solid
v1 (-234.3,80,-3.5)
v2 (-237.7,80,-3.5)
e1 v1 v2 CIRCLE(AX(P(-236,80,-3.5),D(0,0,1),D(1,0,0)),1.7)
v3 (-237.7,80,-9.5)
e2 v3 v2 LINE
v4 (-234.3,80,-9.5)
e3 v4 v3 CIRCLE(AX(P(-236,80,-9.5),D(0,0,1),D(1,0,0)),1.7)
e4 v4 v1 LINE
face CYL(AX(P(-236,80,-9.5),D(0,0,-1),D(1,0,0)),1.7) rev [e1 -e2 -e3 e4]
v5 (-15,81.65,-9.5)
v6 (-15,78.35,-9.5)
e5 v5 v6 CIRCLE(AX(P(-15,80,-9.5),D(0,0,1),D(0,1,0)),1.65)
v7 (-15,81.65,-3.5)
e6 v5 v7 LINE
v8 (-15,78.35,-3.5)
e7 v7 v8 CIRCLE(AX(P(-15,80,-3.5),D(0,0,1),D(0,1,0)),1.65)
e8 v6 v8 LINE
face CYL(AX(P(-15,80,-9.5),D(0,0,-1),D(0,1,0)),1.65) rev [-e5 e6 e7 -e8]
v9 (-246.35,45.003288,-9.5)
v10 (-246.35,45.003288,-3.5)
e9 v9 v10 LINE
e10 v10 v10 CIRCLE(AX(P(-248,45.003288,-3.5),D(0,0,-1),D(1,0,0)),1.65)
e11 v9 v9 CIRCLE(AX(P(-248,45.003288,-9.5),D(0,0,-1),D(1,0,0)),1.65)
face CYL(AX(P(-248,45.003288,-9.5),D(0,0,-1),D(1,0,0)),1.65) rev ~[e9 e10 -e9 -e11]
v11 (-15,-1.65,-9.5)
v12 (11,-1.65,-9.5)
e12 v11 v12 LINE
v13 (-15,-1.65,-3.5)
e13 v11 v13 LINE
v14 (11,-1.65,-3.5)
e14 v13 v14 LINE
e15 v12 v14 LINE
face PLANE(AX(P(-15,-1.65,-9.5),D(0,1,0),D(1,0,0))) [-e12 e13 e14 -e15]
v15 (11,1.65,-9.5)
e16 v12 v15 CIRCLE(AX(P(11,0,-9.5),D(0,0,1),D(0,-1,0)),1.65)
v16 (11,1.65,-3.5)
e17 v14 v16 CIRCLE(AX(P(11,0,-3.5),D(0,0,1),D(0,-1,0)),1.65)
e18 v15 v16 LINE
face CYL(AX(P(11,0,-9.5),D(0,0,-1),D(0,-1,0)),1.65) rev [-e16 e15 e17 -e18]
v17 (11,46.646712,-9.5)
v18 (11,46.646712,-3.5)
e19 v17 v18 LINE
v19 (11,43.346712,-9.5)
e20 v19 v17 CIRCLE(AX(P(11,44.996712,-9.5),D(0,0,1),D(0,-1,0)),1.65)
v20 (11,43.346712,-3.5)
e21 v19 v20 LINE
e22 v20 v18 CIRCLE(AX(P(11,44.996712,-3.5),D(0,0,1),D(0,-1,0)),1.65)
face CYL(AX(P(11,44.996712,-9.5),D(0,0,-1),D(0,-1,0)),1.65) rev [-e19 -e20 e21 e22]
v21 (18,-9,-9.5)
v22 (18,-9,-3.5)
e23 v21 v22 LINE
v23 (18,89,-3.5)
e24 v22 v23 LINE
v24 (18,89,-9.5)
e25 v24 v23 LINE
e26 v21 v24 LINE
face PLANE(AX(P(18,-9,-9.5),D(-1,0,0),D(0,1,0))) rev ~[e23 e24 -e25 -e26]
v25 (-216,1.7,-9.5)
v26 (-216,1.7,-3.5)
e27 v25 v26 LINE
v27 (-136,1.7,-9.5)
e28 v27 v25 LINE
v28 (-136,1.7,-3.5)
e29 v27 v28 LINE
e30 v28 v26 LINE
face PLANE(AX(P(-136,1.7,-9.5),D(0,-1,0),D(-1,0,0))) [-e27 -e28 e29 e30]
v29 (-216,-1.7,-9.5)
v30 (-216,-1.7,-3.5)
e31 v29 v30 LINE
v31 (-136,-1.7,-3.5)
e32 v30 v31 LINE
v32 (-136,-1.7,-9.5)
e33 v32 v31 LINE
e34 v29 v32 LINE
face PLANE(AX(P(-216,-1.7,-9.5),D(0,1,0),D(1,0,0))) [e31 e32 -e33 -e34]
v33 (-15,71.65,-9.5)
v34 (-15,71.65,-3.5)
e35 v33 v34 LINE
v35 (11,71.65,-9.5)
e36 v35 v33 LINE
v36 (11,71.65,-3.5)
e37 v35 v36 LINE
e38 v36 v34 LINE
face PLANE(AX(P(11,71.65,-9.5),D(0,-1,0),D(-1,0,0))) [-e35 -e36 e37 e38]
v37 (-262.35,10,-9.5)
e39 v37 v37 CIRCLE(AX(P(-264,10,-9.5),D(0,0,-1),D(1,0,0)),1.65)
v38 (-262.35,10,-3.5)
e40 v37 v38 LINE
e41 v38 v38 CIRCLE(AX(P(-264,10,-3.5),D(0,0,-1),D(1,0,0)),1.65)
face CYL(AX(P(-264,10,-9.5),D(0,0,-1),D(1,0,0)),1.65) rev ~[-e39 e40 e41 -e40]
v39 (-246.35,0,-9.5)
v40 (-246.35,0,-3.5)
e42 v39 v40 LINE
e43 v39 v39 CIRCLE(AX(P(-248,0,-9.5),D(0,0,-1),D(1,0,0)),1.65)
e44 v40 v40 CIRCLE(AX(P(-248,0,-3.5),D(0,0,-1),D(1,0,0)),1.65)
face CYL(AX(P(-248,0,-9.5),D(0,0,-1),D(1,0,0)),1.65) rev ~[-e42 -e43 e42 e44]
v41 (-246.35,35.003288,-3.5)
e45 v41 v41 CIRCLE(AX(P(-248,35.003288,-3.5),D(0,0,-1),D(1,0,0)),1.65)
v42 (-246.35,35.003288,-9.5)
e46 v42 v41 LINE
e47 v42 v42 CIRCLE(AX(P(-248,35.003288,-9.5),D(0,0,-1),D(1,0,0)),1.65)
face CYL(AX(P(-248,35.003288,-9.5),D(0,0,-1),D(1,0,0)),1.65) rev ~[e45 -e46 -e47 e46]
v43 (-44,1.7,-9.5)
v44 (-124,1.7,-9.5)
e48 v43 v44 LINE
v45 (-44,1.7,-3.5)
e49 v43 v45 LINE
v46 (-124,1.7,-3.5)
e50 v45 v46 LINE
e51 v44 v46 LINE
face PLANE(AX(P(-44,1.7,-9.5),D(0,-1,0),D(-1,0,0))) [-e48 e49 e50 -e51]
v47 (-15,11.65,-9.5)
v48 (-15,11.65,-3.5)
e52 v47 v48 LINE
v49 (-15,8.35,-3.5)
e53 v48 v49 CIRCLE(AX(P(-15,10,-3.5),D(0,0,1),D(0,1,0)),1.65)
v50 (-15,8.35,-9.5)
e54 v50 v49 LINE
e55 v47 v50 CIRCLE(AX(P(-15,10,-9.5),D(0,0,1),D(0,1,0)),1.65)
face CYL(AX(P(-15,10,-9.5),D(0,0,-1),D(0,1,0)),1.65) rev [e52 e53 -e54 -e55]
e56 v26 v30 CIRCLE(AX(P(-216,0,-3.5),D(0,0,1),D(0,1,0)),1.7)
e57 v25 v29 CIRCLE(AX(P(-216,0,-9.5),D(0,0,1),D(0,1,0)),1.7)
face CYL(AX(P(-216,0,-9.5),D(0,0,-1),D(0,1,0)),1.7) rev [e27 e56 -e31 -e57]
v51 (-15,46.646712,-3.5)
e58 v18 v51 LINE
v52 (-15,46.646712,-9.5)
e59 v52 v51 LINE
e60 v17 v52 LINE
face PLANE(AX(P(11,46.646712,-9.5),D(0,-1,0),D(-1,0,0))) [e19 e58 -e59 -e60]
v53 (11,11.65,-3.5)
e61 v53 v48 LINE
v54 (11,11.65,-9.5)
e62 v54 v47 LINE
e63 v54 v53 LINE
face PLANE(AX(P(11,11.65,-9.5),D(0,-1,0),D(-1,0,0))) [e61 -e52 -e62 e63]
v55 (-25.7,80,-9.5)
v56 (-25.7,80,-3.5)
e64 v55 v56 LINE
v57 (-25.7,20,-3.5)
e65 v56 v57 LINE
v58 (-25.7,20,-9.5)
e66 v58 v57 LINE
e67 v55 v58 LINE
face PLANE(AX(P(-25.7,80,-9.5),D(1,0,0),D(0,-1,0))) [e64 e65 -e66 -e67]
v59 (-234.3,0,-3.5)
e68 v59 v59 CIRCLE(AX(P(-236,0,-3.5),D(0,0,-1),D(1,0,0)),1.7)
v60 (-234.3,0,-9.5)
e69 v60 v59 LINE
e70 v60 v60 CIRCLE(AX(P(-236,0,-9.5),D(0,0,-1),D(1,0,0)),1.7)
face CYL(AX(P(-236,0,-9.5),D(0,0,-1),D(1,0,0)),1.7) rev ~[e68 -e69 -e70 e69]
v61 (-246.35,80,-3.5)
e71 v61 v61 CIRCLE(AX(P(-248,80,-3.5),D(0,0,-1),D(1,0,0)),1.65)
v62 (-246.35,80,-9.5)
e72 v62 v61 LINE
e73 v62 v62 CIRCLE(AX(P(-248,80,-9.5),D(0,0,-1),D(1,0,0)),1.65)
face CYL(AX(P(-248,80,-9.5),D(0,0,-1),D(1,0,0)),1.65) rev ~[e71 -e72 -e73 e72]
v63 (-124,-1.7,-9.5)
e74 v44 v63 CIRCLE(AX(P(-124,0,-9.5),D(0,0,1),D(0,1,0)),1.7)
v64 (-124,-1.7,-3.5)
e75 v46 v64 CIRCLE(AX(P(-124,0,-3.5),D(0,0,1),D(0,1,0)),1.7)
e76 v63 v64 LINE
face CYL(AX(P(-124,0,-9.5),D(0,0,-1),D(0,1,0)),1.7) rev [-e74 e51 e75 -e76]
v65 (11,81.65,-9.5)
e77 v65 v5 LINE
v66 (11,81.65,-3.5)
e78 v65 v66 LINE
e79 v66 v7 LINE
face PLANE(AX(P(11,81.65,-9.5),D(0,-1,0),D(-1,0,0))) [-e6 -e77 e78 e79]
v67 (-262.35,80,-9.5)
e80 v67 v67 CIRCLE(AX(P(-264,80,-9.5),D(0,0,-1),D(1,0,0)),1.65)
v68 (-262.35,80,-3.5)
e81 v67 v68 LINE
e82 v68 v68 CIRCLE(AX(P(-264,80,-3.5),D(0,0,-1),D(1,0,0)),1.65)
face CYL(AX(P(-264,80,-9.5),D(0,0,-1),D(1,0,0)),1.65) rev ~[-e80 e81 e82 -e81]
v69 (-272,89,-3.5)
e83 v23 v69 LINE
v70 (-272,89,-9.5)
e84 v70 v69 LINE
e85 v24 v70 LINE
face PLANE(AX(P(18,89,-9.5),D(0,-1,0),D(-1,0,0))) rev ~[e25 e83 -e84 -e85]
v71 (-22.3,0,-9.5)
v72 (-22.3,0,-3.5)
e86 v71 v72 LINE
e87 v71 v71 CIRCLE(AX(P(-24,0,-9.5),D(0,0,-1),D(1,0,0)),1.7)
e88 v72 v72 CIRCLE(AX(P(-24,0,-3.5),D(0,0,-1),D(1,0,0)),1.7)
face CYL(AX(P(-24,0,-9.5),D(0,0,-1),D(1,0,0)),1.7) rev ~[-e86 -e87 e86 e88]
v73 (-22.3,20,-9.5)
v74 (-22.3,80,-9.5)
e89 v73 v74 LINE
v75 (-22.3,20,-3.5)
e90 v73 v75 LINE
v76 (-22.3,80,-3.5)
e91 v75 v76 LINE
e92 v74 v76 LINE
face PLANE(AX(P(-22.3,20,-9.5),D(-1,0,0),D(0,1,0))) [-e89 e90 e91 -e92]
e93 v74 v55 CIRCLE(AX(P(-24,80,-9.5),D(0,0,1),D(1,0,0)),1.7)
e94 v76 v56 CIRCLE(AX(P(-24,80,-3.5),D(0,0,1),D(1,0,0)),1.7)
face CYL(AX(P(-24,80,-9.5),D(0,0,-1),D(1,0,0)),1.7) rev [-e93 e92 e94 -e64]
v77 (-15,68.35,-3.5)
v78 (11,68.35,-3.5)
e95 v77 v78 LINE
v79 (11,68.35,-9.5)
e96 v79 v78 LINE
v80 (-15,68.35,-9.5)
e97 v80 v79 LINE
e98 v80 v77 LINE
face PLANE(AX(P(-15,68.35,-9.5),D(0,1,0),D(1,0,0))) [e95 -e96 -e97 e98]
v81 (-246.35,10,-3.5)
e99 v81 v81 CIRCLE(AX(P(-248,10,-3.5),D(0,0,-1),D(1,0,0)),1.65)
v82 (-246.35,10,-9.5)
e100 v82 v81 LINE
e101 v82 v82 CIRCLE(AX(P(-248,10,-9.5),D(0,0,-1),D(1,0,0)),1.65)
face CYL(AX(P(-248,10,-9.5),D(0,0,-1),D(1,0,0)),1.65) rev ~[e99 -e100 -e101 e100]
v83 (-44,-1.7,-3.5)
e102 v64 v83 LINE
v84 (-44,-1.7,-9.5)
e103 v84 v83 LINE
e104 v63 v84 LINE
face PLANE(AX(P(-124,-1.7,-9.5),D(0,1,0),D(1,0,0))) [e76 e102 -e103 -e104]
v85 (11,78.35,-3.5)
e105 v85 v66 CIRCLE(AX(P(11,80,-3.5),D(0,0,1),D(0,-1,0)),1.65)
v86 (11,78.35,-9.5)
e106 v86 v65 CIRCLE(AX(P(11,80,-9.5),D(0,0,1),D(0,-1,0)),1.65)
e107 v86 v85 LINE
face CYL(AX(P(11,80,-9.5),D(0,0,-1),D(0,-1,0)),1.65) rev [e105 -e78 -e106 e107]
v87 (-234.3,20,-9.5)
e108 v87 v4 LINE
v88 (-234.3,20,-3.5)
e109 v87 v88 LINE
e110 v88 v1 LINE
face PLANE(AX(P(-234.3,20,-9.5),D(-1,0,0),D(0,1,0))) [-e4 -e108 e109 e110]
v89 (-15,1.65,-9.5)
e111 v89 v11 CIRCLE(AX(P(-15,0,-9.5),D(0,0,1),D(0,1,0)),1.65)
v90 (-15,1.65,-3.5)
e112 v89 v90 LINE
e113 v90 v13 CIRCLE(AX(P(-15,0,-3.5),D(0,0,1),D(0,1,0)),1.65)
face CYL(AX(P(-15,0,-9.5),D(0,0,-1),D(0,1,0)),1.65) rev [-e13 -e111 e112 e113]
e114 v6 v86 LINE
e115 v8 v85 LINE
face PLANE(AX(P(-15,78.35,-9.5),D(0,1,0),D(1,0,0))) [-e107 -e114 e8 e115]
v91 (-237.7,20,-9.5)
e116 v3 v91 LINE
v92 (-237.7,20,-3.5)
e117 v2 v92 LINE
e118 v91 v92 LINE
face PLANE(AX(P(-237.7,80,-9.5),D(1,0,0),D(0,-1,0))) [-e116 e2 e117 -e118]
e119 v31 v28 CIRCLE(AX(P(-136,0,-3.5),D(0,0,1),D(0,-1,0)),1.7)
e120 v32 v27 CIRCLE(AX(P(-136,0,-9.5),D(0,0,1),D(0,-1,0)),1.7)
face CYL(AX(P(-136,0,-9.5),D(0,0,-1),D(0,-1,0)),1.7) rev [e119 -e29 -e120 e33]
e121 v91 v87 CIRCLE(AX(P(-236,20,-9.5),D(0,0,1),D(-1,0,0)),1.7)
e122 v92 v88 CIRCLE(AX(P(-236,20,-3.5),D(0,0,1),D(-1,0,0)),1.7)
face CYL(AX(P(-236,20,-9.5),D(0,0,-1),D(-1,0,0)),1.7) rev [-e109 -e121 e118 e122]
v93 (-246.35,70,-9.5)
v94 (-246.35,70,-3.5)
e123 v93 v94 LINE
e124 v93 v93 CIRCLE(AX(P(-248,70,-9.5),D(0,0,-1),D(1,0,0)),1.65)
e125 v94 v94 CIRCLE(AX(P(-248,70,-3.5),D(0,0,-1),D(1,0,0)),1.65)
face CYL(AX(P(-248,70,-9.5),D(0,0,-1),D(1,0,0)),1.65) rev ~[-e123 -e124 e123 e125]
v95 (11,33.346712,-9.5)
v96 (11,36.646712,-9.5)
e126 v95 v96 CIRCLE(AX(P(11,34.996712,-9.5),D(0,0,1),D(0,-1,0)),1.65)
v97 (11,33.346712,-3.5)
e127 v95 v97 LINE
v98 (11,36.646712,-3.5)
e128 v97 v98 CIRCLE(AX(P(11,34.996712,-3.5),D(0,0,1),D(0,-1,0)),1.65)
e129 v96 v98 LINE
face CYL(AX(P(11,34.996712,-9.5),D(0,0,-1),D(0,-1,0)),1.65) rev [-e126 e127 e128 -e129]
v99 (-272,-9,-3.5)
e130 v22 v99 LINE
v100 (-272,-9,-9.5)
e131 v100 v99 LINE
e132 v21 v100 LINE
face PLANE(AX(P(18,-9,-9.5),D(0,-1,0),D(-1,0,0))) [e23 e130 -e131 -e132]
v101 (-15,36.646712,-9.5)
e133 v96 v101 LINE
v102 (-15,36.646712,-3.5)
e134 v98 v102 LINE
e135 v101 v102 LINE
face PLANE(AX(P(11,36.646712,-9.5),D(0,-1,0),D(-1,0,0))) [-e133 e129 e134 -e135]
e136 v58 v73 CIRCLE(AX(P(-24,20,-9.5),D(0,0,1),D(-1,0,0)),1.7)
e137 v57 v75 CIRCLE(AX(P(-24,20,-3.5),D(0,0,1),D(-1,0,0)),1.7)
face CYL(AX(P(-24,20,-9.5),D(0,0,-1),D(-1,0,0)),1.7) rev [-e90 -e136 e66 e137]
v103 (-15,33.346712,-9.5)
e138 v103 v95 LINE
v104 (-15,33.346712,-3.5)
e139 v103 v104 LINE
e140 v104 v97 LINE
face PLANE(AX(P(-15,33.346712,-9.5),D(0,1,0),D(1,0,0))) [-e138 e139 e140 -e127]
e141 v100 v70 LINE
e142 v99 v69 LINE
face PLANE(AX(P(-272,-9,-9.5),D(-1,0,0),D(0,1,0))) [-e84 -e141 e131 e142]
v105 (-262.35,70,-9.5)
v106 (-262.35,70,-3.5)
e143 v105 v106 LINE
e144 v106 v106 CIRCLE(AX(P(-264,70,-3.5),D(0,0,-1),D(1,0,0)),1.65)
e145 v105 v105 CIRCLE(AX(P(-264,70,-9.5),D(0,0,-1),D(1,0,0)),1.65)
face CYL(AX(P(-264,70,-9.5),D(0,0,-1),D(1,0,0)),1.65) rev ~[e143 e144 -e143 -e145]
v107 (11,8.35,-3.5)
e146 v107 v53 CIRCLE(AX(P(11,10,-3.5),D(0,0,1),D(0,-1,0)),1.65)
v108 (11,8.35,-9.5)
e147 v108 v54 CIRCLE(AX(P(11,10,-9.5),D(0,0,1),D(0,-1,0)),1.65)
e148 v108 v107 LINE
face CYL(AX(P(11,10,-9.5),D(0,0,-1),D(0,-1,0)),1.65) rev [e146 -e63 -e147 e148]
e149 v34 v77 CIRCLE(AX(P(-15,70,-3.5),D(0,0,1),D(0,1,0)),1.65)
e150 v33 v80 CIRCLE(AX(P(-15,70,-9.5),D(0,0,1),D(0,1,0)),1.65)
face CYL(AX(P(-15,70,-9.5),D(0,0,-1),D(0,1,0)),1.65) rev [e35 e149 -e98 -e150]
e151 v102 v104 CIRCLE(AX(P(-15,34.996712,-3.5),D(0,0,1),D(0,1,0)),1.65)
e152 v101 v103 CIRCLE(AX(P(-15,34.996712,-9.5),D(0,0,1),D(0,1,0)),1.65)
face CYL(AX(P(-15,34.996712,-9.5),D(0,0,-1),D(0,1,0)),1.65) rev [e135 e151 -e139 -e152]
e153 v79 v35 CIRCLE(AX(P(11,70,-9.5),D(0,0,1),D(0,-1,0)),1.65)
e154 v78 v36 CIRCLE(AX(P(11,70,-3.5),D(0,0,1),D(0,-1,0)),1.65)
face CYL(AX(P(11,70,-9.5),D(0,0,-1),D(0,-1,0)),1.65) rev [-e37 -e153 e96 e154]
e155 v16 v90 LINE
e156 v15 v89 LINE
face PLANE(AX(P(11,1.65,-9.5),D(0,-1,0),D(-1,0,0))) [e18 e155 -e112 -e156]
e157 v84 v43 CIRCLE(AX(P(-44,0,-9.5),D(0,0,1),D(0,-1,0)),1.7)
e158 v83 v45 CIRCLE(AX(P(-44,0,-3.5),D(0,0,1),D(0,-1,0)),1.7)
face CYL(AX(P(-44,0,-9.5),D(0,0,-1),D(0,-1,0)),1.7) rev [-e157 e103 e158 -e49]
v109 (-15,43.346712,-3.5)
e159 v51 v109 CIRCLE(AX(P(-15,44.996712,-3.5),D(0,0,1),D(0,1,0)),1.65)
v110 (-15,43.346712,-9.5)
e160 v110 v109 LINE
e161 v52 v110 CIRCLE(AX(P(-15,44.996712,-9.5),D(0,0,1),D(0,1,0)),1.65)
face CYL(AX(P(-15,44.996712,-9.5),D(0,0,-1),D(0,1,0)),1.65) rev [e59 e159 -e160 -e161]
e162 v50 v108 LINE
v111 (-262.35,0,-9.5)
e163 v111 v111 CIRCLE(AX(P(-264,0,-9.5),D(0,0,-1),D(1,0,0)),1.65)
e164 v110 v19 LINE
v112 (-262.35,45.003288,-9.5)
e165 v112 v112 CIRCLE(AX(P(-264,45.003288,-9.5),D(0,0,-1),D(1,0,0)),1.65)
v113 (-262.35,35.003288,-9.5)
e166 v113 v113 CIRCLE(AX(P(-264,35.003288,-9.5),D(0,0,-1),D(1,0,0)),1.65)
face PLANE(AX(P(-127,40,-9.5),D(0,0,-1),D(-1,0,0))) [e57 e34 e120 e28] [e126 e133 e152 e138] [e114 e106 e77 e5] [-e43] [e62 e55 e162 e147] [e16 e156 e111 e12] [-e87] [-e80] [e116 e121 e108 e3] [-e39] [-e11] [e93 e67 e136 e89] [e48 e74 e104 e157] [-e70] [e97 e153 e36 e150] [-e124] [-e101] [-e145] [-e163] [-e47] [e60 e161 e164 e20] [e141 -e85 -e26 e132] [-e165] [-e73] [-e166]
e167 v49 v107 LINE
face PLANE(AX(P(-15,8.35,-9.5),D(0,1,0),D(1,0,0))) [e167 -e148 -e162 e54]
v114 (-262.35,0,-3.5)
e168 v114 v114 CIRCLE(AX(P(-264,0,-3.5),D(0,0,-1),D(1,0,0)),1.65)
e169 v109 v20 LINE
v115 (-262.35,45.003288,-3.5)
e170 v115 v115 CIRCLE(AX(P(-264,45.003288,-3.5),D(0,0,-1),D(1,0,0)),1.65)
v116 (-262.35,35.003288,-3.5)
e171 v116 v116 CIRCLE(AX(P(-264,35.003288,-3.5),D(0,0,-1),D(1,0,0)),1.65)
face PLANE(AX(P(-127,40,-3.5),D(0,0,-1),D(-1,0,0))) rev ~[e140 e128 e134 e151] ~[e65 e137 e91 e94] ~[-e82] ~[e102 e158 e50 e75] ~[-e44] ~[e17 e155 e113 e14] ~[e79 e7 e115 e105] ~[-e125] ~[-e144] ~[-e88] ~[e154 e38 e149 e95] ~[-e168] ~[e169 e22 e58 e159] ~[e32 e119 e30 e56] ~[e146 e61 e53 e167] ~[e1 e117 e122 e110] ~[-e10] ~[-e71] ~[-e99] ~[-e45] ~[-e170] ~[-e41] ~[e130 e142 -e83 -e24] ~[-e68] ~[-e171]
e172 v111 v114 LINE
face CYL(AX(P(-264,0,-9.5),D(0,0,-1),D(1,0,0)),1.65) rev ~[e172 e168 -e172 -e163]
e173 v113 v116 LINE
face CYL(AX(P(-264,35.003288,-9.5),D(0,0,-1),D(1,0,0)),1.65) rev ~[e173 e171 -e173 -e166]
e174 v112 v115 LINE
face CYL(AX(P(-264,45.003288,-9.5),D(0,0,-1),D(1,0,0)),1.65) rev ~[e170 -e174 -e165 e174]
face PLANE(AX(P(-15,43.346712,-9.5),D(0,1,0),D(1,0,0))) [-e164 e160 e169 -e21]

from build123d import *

# Parameters (mm, degrees)
SKETCH1_W           = 290
SKETCH1_H           = 98
SKETCH1_R           = 1.65
SKETCH1_R_2         = 1.7
BOSS_EXTRUDE1_DEPTH = 6


with BuildPart() as part:
    # Sketch1 → Boss-Extrude1 (new body)
    with BuildSketch(Plane(origin=(0, 0, -9.5), x_dir=(-1, 0, 0), z_dir=(0, 0, -1))):
        with Locations((127, 40)):
            Rectangle(SKETCH1_W, SKETCH1_H)
        with Locations(Location((264, 0, 0), (0, 0, 180))):
            Circle(SKETCH1_R, mode=Mode.SUBTRACT)
        with Locations(Location((248, 0, 0), (0, 0, 180))):
            Circle(SKETCH1_R, mode=Mode.SUBTRACT)
        with Locations(Location((248, 10, 0), (0, 0, 180))):
            Circle(SKETCH1_R, mode=Mode.SUBTRACT)
        with Locations(Location((264, 10, 0), (0, 0, 180))):
            Circle(SKETCH1_R, mode=Mode.SUBTRACT)
        with Locations(Location((248, 45.003288428, 0), (0, 0, 180))):
            Circle(SKETCH1_R, mode=Mode.SUBTRACT)
        with Locations(Location((264, 35.003288428, 0), (0, 0, 180))):
            Circle(SKETCH1_R, mode=Mode.SUBTRACT)
        with Locations(Location((248, 80, 0), (0, 0, 180))):
            Circle(SKETCH1_R, mode=Mode.SUBTRACT)
        with Locations(Location((264, 70, 0), (0, 0, 180))):
            Circle(SKETCH1_R, mode=Mode.SUBTRACT)
        with Locations(Location((24, 0, 0), (0, 0, 180))):
            Circle(SKETCH1_R_2, mode=Mode.SUBTRACT)
        with Locations(Location((236, 0, 0), (0, 0, 180))):
            Circle(SKETCH1_R_2, mode=Mode.SUBTRACT)
        with Locations(Location((248, 70, 0), (0, 0, 180))):
            Circle(SKETCH1_R, mode=Mode.SUBTRACT)
        with Locations(Location((264, 80, 0), (0, 0, 180))):
            Circle(SKETCH1_R, mode=Mode.SUBTRACT)
        with Locations(Location((248, 35.003288428, 0), (0, 0, 180))):
            Circle(SKETCH1_R, mode=Mode.SUBTRACT)
        with Locations(Location((264, 45.003288428, 0), (0, 0, 180))):
            Circle(SKETCH1_R, mode=Mode.SUBTRACT)
        with BuildLine():
            Line((-11, 71.65), (15, 71.65))
            ThreePointArc((15, 71.65), (16.65, 70), (15, 68.35))
            Line((15, 68.35), (-11, 68.35))
            ThreePointArc((-11, 68.35), (-12.65, 70), (-11, 71.65))
        make_face(mode=Mode.SUBTRACT)
        with BuildLine():
            Line((-11, 81.65), (15, 81.65))
            ThreePointArc((15, 81.65), (16.65, 80), (15, 78.35))
            Line((15, 78.35), (-11, 78.35))
            ThreePointArc((-11, 78.35), (-12.65, 80), (-11, 81.65))
        make_face(mode=Mode.SUBTRACT)
        with BuildLine():
            Line((15, -1.65), (-11, -1.65))
            ThreePointArc((-11, -1.65), (-12.65, 0), (-11, 1.65))
            Line((-11, 1.65), (15, 1.65))
            ThreePointArc((15, 1.65), (16.65, 0), (15, -1.65))
        make_face(mode=Mode.SUBTRACT)
        with BuildLine():
            Line((15, 8.35), (-11, 8.35))
            ThreePointArc((-11, 8.35), (-12.65, 10), (-11, 11.65))
            Line((-11, 11.65), (15, 11.65))
            ThreePointArc((15, 11.65), (16.65, 10), (15, 8.35))
        make_face(mode=Mode.SUBTRACT)
        with BuildLine():
            Line((124, -1.7), (44, -1.7))
            ThreePointArc((44, -1.7), (42.3, 0), (44, 1.7))
            Line((44, 1.7), (124, 1.7))
            ThreePointArc((124, 1.7), (125.7, 0), (124, -1.7))
        make_face(mode=Mode.SUBTRACT)
        with BuildLine():
            Line((25.7, 80), (25.7, 20))
            ThreePointArc((25.7, 20), (24, 18.3), (22.3, 20))
            Line((22.3, 20), (22.3, 80))
            ThreePointArc((22.3, 80), (24, 81.7), (25.7, 80))
        make_face(mode=Mode.SUBTRACT)
        with BuildLine():
            Line((216, -1.7), (136, -1.7))
            ThreePointArc((136, -1.7), (134.3, 0), (136, 1.7))
            Line((136, 1.7), (216, 1.7))
            ThreePointArc((216, 1.7), (217.7, 0), (216, -1.7))
        make_face(mode=Mode.SUBTRACT)
        with BuildLine():
            Line((237.7, 80), (237.7, 20))
            ThreePointArc((237.7, 20), (236, 18.3), (234.3, 20))
            Line((234.3, 20), (234.3, 80))
            ThreePointArc((234.3, 80), (236, 81.7), (237.7, 80))
        make_face(mode=Mode.SUBTRACT)
        with BuildLine():
            Line((15, 33.346711572), (-11, 33.346711572))
            ThreePointArc((-11, 33.346711572), (-12.65, 34.996711572), (-11, 36.646711572))
            Line((-11, 36.646711572), (15, 36.646711572))
            ThreePointArc((15, 36.646711572), (16.65, 34.996711572), (15, 33.346711572))
        make_face(mode=Mode.SUBTRACT)
        with BuildLine():
            Line((15, 43.346711572), (-11, 43.346711572))
            ThreePointArc((-11, 43.346711572), (-12.65, 44.996711572), (-11, 46.646711572))
            Line((-11, 46.646711572), (15, 46.646711572))
            ThreePointArc((15, 46.646711572), (16.65, 44.996711572), (15, 43.346711572))
        make_face(mode=Mode.SUBTRACT)
    extrude(amount=-BOSS_EXTRUDE1_DEPTH)


solid = part.part
